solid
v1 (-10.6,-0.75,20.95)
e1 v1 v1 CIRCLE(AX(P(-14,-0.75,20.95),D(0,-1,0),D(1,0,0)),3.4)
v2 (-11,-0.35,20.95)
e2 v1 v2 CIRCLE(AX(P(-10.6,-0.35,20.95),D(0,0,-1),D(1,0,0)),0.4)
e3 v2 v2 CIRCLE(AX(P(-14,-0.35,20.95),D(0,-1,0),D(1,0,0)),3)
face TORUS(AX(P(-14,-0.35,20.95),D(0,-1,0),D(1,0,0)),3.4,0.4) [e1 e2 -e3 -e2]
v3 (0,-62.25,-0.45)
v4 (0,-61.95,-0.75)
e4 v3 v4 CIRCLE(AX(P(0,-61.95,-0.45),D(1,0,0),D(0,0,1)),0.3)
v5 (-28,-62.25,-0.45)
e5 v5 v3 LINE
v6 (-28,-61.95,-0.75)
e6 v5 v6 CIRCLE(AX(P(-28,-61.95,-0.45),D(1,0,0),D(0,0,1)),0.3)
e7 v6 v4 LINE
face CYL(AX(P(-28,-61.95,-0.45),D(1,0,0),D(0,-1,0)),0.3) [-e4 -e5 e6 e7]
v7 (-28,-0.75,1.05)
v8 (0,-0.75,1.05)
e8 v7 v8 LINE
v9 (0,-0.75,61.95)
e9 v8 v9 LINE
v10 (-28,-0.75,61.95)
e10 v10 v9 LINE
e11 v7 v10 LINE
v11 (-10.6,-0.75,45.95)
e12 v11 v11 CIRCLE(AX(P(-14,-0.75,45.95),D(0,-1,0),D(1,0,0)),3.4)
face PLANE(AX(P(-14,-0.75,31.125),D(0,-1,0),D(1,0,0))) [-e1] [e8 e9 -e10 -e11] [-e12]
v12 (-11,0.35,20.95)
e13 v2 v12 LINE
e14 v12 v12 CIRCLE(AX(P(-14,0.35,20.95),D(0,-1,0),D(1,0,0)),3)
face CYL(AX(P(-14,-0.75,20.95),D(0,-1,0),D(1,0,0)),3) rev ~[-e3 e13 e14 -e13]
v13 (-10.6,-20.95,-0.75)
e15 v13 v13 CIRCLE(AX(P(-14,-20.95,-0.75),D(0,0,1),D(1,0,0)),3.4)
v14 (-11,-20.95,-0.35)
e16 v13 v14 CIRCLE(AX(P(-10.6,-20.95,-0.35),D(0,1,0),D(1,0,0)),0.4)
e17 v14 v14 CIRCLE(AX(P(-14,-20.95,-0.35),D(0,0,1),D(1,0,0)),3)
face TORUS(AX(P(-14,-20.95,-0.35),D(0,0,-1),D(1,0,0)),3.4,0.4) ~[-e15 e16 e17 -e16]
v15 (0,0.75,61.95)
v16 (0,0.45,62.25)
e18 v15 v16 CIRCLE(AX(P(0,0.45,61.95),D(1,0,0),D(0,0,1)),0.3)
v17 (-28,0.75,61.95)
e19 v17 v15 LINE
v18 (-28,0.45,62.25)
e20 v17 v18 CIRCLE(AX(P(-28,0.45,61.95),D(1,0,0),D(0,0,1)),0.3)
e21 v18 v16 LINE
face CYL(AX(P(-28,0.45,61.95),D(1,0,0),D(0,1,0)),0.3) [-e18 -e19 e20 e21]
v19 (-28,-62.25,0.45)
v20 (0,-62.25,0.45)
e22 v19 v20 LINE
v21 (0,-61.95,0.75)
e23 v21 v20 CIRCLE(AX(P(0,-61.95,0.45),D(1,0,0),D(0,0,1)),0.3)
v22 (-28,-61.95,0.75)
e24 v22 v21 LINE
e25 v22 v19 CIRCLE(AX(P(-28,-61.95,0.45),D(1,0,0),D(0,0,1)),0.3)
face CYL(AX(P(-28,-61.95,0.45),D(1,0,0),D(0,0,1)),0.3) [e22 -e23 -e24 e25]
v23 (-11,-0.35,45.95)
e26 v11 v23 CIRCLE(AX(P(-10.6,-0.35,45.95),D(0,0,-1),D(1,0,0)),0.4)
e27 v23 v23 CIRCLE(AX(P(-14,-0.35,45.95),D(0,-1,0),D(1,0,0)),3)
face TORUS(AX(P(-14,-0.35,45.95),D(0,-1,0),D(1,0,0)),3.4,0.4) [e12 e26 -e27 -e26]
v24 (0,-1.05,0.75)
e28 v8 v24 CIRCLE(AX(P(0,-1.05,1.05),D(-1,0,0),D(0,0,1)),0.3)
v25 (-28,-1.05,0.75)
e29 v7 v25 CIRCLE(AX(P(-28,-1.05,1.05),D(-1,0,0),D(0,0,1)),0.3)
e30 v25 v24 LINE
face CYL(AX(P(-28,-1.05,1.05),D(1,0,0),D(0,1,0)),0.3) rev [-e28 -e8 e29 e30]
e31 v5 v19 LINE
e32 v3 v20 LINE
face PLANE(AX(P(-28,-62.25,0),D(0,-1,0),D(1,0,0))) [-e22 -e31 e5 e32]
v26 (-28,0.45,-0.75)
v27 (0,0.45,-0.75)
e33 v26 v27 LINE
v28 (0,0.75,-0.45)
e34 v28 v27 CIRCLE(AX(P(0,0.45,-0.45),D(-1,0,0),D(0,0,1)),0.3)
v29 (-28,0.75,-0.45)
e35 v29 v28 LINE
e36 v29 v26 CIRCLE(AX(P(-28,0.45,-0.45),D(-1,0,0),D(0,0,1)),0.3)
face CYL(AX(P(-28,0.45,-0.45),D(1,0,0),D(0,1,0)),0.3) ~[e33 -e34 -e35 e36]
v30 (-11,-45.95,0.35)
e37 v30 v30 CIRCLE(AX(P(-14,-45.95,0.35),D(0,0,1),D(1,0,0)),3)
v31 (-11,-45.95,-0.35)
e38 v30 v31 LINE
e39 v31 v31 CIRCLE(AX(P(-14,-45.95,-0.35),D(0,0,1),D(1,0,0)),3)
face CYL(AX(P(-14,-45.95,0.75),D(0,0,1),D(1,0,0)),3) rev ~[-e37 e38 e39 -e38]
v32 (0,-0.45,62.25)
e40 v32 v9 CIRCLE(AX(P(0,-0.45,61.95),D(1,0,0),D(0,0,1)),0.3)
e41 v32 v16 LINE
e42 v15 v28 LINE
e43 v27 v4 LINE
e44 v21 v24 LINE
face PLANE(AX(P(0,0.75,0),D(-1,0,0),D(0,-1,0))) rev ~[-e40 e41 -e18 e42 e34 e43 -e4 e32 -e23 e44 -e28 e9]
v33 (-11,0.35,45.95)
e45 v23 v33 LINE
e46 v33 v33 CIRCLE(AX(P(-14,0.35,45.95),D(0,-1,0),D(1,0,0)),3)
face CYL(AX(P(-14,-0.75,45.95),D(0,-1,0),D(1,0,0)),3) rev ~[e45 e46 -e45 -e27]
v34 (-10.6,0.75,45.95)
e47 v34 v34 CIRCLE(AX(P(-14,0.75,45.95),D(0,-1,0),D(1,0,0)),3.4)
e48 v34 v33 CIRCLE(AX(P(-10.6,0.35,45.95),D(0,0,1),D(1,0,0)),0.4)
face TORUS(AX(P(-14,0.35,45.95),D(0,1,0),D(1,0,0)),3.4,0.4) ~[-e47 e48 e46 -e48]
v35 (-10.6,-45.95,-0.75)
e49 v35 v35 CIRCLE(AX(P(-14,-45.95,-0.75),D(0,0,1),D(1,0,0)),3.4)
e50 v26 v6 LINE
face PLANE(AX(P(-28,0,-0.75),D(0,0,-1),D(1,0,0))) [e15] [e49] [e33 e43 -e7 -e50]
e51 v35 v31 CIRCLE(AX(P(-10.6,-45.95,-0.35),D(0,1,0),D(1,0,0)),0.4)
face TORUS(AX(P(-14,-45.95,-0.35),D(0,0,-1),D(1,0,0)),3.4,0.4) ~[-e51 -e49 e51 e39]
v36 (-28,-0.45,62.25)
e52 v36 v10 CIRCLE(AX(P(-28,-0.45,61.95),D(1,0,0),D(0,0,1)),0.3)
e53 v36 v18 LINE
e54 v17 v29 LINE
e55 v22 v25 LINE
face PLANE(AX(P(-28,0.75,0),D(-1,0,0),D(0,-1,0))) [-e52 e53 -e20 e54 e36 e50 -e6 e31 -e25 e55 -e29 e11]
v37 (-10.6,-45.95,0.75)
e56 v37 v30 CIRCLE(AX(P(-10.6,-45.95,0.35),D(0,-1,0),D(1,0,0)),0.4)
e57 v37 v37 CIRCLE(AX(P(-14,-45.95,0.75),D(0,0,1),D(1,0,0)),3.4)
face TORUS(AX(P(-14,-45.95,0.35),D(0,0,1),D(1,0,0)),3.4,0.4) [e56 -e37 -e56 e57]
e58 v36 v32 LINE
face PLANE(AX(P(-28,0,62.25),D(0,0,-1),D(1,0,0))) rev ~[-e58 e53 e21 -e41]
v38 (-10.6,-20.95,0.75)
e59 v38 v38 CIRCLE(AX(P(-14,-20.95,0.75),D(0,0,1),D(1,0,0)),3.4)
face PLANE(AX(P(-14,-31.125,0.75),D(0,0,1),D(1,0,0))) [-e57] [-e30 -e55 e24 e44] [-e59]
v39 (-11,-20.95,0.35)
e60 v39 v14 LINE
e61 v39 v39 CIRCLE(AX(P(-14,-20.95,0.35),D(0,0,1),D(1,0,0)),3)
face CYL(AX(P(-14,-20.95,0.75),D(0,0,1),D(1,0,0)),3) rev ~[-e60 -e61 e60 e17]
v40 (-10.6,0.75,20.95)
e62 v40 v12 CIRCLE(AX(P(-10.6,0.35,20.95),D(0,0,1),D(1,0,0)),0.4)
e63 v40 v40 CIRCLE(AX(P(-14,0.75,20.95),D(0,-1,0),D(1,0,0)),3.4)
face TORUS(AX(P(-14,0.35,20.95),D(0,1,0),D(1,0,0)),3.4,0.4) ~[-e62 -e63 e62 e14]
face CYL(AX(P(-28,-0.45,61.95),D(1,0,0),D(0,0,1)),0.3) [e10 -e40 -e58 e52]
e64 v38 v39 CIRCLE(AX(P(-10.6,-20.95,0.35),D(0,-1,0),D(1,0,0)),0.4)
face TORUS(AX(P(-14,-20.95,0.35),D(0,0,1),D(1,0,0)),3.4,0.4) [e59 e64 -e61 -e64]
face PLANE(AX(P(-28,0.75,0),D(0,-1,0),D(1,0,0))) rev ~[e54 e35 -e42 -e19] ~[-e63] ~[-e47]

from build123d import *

# Parameters (mm, degrees)
F0_W     = 28
F0_H     = 62.25
F2_DEPTH = 0.75
F1_W     = 28
F1_H     = 62.25
F3_DEPTH = 0.75
F4_DEPTH = 0.75
F5_R     = 0.3
F6_R     = 3
F7_DEPTH = 25
F8_R     = 3
F9_DEPTH = 25
F10_R    = 0.4


with BuildPart() as f2:
    # F0 (on Top) → F2 (new body, symmetric)
    with BuildSketch(Plane.XY):
        with Locations((-14, -31.125)):
            Rectangle(F0_W, F0_H)
    extrude(amount=F2_DEPTH, both=True)

    # F1 (on Front) → F3 (join, symmetric)
    with BuildSketch(Plane.XZ):
        with Locations((-14, 31.125)):
            Rectangle(F1_W, F1_H)
    extrude(amount=F3_DEPTH, both=True)

    # F4 (add, through all): a face of the model
    f4_faces = [f2.faces().sort_by_distance(p)[0] for p in [
        (-14, 0.375, 0),
    ]]
    extrude(f4_faces, amount=F4_DEPTH)

    # F5
    f5_edges = [f2.edges().sort_by_distance(p)[0] for p in [
        (-14, 0.75, -0.75),
        (-14, -0.75, 0.75),
        (-14, -62.25, 0.75),
        (-14, -62.25, -0.75),
        (-14, -0.75, 62.25),
        (-14, 0.75, 62.25),
    ]]
    fillet(f5_edges, radius=F5_R)

    # F6 (on face) → F7 (cut)
    with BuildSketch(Plane.XY.offset(0.75)):
        with Locations((-14, -45.95)):
            Circle(F6_R)
        with Locations((-14, -20.95)):
            Circle(F6_R)
    extrude(amount=-F7_DEPTH, mode=Mode.SUBTRACT)

    # F8 (on face) → F9 (cut)
    with BuildSketch(Plane.XZ.offset(0.75)):
        with Locations((-14, 20.95)):
            Circle(F8_R)
        with Locations((-14, 45.95)):
            Circle(F8_R)
    extrude(amount=-F9_DEPTH, mode=Mode.SUBTRACT)

    # F10
    f10_edges = [f2.edges().sort_by_distance(p)[0] for p in [
        (-17, -45.95, 0.75),
        (-11, -45.95, 0),
        (-17, -45.95, -0.75),
        (-17, -20.95, 0.75),
        (-11, -20.95, 0),
        (-17, -20.95, -0.75),
        (-17, -0.75, 20.95),
        (-11, 0, 20.95),
        (-17, 0.75, 20.95),
        (-17, -0.75, 45.95),
        (-11, 0, 45.95),
        (-17, 0.75, 45.95),
    ]]
    fillet(f10_edges, radius=F10_R)


solid = f2.part
